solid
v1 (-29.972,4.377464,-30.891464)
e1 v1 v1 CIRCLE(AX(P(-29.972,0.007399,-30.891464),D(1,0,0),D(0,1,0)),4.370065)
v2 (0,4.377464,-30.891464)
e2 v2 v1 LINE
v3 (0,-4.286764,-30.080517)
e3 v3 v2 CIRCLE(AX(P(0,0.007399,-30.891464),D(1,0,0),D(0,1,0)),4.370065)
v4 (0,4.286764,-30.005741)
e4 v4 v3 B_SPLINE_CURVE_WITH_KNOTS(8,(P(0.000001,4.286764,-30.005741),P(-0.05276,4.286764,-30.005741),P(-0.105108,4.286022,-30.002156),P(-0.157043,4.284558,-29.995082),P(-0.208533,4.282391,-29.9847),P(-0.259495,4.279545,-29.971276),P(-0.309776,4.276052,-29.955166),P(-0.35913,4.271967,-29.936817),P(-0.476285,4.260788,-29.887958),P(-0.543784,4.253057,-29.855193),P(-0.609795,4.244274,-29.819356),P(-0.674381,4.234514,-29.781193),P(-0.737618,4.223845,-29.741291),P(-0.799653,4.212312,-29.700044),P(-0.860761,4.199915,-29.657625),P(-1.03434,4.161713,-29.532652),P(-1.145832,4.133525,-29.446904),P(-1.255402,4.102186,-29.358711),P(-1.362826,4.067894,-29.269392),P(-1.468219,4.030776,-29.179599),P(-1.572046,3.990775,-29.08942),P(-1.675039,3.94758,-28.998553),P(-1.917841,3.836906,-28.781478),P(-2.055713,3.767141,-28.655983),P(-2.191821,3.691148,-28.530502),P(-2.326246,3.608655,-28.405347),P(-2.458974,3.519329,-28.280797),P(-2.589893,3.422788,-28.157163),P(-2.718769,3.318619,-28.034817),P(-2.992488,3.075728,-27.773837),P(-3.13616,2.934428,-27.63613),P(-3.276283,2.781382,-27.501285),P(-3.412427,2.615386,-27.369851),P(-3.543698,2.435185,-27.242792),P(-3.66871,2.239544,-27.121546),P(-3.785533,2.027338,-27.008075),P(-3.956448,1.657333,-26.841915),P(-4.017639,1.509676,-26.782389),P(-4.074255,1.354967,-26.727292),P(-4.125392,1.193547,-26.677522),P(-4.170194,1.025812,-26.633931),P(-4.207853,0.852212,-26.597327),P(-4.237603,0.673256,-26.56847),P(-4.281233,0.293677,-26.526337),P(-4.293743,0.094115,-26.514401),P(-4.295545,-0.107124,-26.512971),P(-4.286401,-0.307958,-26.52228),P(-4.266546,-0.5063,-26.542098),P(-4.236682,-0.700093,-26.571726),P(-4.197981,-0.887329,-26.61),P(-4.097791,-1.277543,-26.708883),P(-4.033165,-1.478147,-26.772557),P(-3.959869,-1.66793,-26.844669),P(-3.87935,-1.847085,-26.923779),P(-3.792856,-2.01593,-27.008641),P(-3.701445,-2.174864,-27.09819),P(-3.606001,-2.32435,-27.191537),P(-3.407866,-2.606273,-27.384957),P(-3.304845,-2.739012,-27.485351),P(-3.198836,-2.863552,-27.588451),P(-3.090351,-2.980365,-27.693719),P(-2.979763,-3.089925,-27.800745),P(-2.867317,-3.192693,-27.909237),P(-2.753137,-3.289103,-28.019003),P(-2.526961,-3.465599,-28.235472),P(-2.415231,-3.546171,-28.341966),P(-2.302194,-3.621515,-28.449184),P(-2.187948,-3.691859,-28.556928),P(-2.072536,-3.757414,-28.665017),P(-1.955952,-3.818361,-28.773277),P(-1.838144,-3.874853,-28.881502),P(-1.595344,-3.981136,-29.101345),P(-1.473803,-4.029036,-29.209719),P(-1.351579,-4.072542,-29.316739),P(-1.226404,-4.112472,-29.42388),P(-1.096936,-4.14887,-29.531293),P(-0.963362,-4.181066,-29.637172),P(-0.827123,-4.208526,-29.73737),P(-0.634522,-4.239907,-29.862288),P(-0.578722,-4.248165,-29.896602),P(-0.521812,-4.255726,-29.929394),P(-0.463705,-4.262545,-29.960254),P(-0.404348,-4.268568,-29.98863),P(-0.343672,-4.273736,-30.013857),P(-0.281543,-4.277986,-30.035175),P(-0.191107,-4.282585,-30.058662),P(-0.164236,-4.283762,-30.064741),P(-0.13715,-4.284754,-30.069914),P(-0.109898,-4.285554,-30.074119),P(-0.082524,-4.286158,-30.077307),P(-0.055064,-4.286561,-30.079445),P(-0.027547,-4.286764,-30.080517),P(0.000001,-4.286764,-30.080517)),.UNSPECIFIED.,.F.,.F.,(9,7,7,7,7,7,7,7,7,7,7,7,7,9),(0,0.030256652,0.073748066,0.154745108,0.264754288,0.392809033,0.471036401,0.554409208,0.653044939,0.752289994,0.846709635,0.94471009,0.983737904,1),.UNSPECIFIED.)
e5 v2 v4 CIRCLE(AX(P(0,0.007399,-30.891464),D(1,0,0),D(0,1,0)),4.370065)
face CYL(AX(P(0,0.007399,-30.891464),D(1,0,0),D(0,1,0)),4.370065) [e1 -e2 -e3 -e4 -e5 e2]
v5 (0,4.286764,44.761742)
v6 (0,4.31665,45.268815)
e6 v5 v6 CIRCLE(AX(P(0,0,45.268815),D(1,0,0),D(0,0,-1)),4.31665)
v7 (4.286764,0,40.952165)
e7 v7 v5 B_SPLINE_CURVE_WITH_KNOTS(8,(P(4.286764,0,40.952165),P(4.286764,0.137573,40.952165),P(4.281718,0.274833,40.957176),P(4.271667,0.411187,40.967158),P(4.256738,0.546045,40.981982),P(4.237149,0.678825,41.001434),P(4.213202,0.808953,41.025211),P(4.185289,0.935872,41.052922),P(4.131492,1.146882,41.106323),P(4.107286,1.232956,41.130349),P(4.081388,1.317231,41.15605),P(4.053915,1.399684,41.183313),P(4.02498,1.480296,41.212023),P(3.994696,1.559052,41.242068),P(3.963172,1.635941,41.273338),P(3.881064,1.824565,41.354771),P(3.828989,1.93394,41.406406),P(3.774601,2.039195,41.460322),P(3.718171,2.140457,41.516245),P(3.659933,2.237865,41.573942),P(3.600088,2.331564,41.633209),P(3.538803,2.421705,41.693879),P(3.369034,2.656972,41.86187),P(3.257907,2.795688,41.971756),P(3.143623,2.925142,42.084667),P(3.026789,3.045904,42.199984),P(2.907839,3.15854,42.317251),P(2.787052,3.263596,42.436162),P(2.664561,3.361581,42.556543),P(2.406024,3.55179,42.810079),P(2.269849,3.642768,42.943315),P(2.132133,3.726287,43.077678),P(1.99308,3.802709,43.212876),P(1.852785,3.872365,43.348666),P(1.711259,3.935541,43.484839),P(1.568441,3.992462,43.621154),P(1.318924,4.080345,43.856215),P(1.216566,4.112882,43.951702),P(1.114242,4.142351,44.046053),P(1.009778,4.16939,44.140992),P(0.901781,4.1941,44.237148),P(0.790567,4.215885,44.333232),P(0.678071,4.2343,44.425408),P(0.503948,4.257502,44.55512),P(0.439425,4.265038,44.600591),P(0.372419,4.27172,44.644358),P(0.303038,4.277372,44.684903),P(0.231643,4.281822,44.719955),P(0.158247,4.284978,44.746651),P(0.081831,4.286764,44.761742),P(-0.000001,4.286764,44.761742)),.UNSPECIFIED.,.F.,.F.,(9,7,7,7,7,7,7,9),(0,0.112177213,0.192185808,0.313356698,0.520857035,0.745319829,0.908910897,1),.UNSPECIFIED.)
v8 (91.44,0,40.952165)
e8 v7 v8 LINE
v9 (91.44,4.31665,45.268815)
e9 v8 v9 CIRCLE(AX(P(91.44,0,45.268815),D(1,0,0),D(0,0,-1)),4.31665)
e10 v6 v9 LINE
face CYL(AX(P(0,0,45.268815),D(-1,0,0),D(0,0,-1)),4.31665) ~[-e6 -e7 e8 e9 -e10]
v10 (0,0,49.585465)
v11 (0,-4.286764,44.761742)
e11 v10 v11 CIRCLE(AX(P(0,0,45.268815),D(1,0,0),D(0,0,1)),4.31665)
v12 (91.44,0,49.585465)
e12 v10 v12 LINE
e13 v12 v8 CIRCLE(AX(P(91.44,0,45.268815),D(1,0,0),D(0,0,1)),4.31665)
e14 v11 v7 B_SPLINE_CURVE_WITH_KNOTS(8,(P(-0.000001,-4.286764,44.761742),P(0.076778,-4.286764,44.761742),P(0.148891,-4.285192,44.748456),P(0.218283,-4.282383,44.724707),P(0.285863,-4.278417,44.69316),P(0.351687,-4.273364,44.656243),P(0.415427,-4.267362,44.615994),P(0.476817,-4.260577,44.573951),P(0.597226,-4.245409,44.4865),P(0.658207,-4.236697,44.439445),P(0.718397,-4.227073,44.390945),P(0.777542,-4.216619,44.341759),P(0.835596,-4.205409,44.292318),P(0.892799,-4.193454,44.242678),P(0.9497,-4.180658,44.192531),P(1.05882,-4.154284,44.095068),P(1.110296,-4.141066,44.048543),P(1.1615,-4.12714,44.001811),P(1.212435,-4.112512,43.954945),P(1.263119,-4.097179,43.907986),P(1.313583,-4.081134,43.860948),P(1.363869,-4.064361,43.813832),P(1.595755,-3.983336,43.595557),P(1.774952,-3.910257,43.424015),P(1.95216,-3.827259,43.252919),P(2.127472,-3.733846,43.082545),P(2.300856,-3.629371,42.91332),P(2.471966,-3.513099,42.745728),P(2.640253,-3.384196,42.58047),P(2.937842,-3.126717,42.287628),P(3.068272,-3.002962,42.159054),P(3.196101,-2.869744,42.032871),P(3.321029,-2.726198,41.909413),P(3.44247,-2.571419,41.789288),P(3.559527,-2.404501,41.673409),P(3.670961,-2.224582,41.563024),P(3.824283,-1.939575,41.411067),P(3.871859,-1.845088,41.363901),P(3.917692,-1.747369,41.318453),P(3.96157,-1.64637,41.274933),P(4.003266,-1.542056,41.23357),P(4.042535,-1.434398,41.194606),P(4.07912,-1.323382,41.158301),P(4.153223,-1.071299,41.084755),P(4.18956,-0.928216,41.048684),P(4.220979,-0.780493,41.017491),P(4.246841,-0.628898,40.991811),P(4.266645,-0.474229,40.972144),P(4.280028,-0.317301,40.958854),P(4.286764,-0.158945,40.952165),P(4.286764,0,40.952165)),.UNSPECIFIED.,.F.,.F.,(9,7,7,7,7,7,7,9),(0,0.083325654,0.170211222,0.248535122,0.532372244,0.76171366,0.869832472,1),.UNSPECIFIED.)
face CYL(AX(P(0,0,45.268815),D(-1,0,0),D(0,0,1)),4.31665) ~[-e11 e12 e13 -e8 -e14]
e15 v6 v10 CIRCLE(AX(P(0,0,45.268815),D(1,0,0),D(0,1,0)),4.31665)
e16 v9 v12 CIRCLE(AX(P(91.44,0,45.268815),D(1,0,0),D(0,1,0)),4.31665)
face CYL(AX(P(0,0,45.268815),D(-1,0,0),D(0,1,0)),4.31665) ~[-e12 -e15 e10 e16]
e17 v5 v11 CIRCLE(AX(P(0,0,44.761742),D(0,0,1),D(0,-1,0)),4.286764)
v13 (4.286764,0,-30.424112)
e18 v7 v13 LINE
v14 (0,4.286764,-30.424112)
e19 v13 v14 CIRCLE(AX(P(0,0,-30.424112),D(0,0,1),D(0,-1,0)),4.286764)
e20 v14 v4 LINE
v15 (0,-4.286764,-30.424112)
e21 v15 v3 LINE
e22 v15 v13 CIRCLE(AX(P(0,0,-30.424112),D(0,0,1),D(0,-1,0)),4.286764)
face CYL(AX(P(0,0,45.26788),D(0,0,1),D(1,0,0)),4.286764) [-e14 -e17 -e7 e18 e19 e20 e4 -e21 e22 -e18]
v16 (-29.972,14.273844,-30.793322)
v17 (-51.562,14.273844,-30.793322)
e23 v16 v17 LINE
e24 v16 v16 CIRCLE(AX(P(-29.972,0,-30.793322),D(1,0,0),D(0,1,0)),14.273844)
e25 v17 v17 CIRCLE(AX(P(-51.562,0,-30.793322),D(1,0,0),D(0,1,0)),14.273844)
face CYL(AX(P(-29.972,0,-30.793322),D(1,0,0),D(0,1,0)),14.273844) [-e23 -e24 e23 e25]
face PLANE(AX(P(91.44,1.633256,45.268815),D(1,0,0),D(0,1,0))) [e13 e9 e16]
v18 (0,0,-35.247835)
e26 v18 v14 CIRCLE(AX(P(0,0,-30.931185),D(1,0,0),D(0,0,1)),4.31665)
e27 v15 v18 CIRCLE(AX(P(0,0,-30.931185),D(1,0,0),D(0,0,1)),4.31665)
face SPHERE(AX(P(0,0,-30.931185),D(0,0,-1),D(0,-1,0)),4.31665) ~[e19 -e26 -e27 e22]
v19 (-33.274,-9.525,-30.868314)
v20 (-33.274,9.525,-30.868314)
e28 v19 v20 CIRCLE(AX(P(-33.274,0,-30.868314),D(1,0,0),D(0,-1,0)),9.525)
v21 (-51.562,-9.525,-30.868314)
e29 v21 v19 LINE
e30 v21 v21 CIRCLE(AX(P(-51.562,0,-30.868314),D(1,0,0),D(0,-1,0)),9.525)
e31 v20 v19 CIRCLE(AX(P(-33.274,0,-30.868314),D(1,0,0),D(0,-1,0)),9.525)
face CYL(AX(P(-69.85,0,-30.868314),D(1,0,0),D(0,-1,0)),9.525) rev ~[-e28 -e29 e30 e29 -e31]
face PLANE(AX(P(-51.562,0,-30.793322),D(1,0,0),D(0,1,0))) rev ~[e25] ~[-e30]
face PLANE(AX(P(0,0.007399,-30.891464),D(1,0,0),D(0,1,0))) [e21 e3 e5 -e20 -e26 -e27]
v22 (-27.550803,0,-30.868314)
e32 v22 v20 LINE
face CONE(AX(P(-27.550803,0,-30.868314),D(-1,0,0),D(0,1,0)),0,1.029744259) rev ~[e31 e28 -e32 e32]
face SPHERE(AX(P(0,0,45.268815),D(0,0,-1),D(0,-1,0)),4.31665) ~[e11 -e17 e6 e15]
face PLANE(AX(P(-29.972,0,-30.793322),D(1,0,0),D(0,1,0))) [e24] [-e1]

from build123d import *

# Parameters (mm, degrees)
F3_DEPTH  = 91.44
F6_R      = 4.2867636814
F7_DEPTH  = 76.2
F9_R      = 4.3700650399
F14_DEPTH = 29.972
F13_R     = 14.2738444306
F15_DEPTH = 21.59
F16_D     = 19.05
F16_DEPTH = 18.288
F16_TIP   = 5.7231973962


with BuildPart() as f3:
    # F0 (on Right) → F3 (new body)
    with BuildSketch(Plane.YZ):
        with BuildLine():
            ThreePointArc((0, 40.9521651562), (3.0523323842, 42.2164826266), (4.3166498546, 45.2688150108))
            ThreePointArc((4.3166498546, 45.2688150108), (3.0523323842, 48.321147395), (0, 49.5854648654))
            Line((0, 49.5854648654), (0, 40.9521651562))
        make_face()
        with BuildLine():
            Line((0, 40.9521651562), (0, 49.5854648654))
            ThreePointArc((0, 49.5854648654), (-4.3166498546, 45.2688150108), (0, 40.9521651562))
        make_face()
    extrude(amount=F3_DEPTH)



with BuildPart() as f4:
    # F0 (on Right) → F4 (revolve)
    with BuildSketch(Plane.YZ):
        with BuildLine():
            Line((0, 40.9521651562), (0, 49.5854648654))
            ThreePointArc((0, 49.5854648654), (-4.3166498546, 45.2688150108), (0, 40.9521651562))
        make_face()
    revolve(axis=Axis((0, 0, 45.2688150108), (0, 0, 1)))


with BuildPart() as f7:
    # F6 (on offset) → F7 (new body)
    with BuildSketch(Plane.XY.offset(45.26788)):
        Circle(F6_R)
    extrude(amount=-F7_DEPTH)


with BuildPart() as f8_1:
    # F8: copy of F4
    add(f4.part.moved(Location((0, 0, -76.2))))


with BuildPart() as f14:
    # F9 (on Right) → F14 (new body)
    with BuildSketch(Plane.YZ):
        with Locations((0.0073989029, -30.8914642022)):
            Circle(F9_R)
    extrude(amount=-F14_DEPTH)


with BuildPart() as f3_1:
    add(f3.part)

    add(f4.part)  # F15 merges F4

    add(f7.part)  # F15 merges F7

    add(f8_1.part)  # F15 merges F8_1

    add(f14.part)  # F15 merges F14
    # F13 (on offset) → F15 (join)
    with BuildSketch(Plane.YZ.offset(-29.972)):
        with Locations((0, -30.7933222502)):
            Circle(F13_R)
    extrude(amount=-F15_DEPTH)

    # F16
    with Locations(Plane(origin=(-51.562, 0, 0), x_dir=(0, 1, 0), z_dir=(-1, 0, 0))):
        with Locations((0, 30.8683142066)):
            Hole(F16_D / 2, depth=F16_DEPTH)
            with Locations((0, 0, -(F16_DEPTH + F16_TIP / 2))):  # 118° drill point
                Cone(0, F16_D / 2, F16_TIP, mode=Mode.SUBTRACT)


solid = f3_1.part
